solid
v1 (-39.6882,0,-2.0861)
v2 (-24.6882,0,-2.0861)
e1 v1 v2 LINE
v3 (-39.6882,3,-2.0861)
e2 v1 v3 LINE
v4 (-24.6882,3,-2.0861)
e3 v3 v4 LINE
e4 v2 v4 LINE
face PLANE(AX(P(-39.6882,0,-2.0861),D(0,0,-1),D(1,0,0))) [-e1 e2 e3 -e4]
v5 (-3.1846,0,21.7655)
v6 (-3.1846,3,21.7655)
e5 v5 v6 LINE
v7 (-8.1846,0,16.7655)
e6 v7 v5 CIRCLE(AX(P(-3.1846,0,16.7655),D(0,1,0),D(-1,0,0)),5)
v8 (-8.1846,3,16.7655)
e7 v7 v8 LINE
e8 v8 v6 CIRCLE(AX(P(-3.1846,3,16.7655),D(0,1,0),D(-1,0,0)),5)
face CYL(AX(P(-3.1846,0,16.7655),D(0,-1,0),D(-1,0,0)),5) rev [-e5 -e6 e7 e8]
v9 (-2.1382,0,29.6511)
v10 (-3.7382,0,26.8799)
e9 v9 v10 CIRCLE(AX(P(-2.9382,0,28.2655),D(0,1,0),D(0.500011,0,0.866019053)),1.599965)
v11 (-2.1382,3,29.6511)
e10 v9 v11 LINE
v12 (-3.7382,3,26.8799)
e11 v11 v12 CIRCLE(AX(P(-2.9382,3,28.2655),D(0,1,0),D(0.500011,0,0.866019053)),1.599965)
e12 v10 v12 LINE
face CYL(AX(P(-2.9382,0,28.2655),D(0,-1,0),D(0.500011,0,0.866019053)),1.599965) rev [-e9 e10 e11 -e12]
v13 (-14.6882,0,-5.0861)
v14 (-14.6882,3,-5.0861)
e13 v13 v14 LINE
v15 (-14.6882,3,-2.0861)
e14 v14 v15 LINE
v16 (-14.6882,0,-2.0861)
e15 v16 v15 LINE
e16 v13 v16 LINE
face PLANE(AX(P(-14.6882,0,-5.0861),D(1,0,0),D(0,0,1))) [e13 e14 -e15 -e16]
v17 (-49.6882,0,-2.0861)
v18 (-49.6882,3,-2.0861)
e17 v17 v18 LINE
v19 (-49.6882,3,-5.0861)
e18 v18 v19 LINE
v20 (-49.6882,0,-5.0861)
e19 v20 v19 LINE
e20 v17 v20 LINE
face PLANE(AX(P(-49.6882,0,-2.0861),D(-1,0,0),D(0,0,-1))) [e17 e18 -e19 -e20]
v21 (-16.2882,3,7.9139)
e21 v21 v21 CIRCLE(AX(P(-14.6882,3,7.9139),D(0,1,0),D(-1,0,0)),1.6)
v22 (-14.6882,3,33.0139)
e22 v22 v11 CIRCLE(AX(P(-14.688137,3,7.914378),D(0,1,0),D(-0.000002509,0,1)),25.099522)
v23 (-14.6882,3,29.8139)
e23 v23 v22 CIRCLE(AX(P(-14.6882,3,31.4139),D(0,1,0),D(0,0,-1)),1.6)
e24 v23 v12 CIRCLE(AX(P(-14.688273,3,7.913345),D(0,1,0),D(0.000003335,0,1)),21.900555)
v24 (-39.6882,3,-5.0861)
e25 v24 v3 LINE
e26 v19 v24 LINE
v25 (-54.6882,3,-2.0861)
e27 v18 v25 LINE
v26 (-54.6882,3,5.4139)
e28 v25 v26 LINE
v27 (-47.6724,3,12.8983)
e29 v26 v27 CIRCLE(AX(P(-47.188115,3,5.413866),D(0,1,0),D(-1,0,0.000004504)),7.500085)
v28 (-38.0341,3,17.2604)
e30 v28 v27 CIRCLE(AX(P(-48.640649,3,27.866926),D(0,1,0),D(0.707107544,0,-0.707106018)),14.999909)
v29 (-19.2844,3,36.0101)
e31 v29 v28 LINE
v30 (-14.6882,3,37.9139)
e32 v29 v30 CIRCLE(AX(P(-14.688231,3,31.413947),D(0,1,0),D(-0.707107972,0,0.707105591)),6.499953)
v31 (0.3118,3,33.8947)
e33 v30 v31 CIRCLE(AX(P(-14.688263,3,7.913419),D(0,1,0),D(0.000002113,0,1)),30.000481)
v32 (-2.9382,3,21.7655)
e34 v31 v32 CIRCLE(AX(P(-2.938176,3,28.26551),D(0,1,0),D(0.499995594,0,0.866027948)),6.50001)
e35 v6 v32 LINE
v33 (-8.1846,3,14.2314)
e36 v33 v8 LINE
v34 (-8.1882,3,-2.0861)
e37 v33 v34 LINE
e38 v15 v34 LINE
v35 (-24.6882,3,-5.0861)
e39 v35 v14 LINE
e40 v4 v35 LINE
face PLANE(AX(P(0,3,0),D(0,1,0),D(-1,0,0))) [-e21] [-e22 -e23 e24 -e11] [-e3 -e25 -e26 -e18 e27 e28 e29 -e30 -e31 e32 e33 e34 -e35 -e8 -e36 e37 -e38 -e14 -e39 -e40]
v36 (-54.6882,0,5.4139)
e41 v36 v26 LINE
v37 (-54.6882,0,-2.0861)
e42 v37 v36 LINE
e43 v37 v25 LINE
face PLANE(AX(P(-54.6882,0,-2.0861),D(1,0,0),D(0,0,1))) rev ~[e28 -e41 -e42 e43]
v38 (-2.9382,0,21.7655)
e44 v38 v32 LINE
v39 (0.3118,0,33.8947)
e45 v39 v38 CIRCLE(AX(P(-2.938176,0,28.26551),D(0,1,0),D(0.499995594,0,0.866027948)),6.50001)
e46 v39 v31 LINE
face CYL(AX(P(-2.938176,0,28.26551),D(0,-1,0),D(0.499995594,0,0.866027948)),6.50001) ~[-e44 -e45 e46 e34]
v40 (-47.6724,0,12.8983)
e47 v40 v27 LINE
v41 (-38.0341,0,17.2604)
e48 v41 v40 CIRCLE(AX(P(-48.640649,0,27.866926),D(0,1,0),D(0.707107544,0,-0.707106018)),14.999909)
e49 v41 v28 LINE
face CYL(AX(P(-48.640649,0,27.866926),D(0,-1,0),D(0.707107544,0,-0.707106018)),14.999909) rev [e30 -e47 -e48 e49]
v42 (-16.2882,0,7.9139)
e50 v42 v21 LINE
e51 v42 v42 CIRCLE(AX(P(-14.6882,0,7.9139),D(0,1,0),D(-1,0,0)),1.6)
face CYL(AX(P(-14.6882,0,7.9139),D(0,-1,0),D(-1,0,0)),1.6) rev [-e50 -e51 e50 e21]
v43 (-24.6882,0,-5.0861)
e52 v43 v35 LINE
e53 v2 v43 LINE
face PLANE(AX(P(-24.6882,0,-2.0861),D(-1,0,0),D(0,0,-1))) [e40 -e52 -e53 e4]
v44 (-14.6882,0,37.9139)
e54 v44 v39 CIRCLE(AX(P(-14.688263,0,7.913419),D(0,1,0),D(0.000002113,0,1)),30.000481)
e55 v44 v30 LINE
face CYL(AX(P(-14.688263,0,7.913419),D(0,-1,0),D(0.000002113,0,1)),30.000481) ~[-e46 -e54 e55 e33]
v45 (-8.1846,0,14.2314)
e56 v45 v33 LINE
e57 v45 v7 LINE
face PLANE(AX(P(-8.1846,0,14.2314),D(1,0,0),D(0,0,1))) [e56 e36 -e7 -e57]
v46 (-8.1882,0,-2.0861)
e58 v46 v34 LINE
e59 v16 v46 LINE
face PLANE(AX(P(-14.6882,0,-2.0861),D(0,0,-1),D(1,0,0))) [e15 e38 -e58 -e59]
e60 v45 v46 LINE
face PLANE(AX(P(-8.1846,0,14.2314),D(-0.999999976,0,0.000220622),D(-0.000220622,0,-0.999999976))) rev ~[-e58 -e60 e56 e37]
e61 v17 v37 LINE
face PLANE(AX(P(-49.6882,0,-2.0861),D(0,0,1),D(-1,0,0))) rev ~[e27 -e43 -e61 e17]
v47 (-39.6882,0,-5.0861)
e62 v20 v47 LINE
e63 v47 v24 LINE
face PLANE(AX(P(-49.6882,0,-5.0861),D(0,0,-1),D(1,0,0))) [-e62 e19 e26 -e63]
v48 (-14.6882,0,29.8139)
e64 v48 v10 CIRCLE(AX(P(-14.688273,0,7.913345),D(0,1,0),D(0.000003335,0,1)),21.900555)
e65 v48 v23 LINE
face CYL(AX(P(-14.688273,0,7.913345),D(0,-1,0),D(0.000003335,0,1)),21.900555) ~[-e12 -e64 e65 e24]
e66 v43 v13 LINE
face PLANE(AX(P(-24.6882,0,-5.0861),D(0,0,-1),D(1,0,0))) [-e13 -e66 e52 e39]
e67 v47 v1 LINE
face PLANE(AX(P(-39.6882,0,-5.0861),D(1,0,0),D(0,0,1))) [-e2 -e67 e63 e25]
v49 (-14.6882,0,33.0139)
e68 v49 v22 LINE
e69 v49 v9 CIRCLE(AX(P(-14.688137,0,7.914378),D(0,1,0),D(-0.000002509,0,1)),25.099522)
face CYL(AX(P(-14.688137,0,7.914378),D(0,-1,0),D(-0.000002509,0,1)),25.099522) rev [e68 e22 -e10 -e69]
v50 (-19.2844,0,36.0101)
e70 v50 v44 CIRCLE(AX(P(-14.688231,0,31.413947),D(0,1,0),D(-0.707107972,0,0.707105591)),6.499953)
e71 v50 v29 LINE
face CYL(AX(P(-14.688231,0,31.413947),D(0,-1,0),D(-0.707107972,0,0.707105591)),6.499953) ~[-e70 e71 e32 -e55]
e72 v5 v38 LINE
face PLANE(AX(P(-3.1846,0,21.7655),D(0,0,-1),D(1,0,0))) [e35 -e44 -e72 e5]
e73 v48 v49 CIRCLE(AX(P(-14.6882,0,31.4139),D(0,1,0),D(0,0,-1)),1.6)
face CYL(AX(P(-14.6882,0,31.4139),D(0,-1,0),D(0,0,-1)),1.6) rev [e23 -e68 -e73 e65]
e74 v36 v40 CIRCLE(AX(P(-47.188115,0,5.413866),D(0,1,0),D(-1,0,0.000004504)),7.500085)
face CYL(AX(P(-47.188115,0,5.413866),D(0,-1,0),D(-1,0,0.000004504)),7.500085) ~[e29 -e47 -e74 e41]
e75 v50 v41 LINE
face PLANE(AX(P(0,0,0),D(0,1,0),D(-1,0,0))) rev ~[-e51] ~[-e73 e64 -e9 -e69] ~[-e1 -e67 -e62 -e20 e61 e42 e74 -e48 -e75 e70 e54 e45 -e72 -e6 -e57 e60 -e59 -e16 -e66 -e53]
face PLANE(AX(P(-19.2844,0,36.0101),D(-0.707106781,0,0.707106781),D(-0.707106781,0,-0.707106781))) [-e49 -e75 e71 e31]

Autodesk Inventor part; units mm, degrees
ref_plane "YZ Plane" through (0, 0, 0) normal (1, 0, 0) x (0, 1, 0)
ref_plane "XZ Plane" through (0, 0, 0) normal (0, 1, 0) x (-1, 0, 0)
ref_plane "XY Plane" through (0, 0, 0) normal (0, 0, 1) x (1, 0, 0)
sketch "Sketch1" plane through (0, 0, 0) normal (0, 1, 0) x (-1, 0, 0)
  arc A0 (14.6882, 29.8139) -> (14.6882, 33.0139) centre (14.6882, 31.4139) ccw
  circle A1 centre (14.6882, 7.9139) radius 1.6
  line L0 (14.6882, -2.0861) -> (8.1882, -2.0861)
  arc A2 (14.6882, 29.8139) -> (3.7382, 26.8799) centre (14.6882, 7.9139) ccw
  arc A3 (14.6882, 33.0139) -> (2.1382, 29.6511) centre (14.6882, 7.9139) ccw
  arc A4 (14.6882, 37.9139) -> (-0.3118, 33.8947) centre (14.6882, 7.9139) ccw
  line L1 (24.6882, -2.0861) -> (24.6882, -5.0861)
  line L2 (24.6882, -5.0861) -> (14.6882, -5.0861)
  line L3 (14.6882, -5.0861) -> (14.6882, -2.0861)
  line L4 (8.1846, 14.2314) -> (8.1882, -2.0861)
  line L5 (39.6882, -2.0861) -> (24.6882, -2.0861)
  line L6 (49.6882, -2.0861) -> (49.6882, -5.0861)
  line L7 (49.6882, -5.0861) -> (39.6882, -5.0861)
  line L8 (39.6882, -5.0861) -> (39.6882, -2.0861)
  line L9 (49.6882, -2.0861) -> (54.6882, -2.0861)
  arc A5 (2.1382, 29.6511) -> (3.7382, 26.8799) centre (2.9382, 28.2655) ccw
  arc A6 (-0.3118, 33.8947) -> (2.9382, 21.7655) centre (2.9382, 28.2655) ccw
  line L10 (8.1846, 14.2314) -> (8.1846, 16.7655)
  arc A7 (8.1846, 16.7655) -> (3.1846, 21.7655) centre (3.1846, 16.7655) ccw
  line L11 (3.1846, 21.7655) -> (2.9382, 21.7655)
  arc A8 (19.2844, 36.0101) -> (14.6882, 37.9139) centre (14.6882, 31.4139) ccw
  line L12 (54.6882, -2.0861) -> (54.6882, 5.4139)
  arc A9 (54.6882, 5.4139) -> (47.6724, 12.8983) centre (47.1882, 5.4139) ccw
  arc A10 (38.0341, 17.2604) -> (47.6724, 12.8983) centre (48.6407, 27.867) ccw
  line L13 (19.2844, 36.0101) -> (38.0341, 17.2604)
extrude "Extrusion1" add sketch "Sketch1" along normal blind 3
properties part number "camMount"
